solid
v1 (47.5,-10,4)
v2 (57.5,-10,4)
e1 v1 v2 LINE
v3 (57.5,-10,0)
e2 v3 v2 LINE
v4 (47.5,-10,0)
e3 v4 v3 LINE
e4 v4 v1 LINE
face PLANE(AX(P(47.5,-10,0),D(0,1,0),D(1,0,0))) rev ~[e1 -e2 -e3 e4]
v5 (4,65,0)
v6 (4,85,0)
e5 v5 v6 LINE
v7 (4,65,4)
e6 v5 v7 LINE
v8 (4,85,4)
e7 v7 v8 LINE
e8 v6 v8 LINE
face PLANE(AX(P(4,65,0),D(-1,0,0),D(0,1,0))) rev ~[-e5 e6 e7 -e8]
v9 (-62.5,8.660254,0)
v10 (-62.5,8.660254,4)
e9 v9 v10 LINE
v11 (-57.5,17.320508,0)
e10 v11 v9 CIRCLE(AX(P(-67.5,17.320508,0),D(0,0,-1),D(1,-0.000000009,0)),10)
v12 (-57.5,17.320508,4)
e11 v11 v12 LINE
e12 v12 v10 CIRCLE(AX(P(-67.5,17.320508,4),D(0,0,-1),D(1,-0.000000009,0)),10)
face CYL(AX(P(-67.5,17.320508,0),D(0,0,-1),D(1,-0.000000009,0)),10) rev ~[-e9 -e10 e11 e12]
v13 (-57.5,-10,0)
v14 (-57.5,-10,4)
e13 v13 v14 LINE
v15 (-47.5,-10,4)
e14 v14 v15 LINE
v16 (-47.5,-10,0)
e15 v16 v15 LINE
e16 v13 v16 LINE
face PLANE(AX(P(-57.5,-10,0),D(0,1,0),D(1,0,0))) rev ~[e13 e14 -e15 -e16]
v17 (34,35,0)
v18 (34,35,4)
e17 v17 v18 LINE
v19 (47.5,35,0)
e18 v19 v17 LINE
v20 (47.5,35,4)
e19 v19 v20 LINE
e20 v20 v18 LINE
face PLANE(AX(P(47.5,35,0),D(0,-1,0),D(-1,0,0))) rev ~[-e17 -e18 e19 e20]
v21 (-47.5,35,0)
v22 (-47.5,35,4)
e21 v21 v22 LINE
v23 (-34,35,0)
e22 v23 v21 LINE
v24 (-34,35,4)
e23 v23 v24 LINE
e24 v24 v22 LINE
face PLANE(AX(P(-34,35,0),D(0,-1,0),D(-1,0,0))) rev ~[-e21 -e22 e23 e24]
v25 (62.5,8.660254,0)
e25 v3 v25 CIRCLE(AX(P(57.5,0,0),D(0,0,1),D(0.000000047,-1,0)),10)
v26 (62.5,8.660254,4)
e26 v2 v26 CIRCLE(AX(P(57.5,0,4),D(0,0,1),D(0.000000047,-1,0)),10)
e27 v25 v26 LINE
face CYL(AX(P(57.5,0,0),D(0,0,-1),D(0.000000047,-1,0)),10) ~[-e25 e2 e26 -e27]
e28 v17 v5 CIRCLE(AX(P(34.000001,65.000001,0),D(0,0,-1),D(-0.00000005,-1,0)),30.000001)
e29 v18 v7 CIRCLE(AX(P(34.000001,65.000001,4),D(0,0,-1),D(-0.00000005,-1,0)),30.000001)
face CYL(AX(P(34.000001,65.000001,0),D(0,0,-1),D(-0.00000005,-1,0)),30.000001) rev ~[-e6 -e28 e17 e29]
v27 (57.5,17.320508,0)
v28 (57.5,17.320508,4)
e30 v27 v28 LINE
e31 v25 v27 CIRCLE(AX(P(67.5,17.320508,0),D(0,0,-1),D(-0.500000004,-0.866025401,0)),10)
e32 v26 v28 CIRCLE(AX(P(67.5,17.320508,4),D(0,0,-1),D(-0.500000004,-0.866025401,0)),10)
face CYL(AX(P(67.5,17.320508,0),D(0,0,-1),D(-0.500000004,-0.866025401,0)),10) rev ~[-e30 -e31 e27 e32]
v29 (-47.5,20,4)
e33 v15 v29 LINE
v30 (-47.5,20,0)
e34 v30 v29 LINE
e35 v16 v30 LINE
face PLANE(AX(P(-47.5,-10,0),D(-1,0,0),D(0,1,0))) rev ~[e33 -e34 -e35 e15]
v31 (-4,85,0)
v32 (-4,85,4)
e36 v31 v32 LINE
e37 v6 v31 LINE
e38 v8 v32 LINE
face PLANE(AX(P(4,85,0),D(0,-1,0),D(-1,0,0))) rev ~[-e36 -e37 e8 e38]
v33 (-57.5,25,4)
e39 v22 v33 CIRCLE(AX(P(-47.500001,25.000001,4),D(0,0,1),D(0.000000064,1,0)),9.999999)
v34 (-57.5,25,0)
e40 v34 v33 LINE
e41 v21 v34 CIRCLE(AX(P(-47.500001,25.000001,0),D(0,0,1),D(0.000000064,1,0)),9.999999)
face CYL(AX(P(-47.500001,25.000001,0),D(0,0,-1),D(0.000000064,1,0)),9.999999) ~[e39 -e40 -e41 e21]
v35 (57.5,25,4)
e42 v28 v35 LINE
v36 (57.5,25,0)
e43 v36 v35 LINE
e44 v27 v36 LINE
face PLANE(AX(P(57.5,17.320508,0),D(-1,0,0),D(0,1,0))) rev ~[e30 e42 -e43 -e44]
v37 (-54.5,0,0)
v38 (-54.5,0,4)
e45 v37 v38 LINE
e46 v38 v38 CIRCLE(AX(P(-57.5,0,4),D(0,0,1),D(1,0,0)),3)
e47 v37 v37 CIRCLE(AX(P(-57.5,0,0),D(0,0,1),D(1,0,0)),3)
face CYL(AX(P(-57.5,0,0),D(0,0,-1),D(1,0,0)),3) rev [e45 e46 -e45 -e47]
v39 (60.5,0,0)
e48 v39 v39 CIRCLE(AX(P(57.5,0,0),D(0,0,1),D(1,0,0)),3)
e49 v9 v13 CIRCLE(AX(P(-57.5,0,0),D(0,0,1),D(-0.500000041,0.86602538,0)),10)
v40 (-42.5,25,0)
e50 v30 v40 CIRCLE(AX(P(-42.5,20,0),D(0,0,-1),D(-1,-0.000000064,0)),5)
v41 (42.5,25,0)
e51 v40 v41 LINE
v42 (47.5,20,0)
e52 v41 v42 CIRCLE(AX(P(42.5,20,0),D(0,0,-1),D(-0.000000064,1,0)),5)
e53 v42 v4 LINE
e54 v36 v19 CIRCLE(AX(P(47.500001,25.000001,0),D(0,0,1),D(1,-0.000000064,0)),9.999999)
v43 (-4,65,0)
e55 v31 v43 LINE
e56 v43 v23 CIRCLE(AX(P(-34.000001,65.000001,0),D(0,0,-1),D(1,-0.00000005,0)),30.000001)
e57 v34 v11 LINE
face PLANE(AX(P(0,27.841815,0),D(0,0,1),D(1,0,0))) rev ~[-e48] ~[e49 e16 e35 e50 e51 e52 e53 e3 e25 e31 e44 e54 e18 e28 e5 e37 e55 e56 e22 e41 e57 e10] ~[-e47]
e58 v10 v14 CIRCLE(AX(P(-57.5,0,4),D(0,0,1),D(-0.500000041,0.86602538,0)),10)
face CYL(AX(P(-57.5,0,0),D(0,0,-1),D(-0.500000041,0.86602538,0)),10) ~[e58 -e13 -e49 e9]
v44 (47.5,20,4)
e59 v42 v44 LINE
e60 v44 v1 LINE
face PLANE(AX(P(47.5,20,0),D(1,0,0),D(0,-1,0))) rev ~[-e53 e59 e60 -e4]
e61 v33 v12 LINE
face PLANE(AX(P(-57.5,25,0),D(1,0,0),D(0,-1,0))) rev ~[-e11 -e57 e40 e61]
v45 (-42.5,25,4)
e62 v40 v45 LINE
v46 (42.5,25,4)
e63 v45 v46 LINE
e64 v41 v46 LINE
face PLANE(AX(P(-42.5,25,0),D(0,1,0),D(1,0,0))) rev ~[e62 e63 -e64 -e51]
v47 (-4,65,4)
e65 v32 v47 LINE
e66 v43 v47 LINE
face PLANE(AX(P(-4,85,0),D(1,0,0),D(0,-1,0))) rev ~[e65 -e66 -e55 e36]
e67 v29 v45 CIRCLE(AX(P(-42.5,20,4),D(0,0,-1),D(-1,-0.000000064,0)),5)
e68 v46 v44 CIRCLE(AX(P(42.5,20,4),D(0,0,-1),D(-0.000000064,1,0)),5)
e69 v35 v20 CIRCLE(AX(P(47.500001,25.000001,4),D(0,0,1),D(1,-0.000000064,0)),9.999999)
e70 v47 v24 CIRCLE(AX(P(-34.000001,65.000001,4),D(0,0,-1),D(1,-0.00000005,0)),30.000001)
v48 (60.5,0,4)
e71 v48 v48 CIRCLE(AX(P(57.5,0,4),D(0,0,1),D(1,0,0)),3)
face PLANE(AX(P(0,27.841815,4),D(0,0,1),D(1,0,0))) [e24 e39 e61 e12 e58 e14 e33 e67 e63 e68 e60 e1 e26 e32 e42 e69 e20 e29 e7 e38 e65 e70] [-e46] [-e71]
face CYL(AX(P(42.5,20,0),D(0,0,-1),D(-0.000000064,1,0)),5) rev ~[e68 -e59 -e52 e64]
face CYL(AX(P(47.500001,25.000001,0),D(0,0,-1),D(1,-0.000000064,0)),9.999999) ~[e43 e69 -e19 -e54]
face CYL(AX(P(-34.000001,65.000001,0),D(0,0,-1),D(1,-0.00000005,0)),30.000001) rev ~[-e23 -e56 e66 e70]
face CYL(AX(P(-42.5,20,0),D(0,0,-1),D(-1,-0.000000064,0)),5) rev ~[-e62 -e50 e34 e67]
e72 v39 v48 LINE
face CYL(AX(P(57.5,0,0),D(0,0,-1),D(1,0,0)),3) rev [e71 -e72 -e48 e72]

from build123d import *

# Parameters (mm, degrees)
F0_R     = 3
F1_DEPTH = 4


with BuildPart() as f1:
    # F0 (on Top) → F1 (new body)
    with BuildSketch(Plane.XY):
        with BuildLine():
            ThreePointArc((-57.5, 17.320508), (-58.839746, 12.320508), (-62.5, 8.660254))
            ThreePointArc((-62.5, 8.660254), (-67.159258, -2.58819), (-57.5, -10))
            Line((-57.5, -10), (-47.5, -10))
            Line((-47.5, -10), (-47.5, 20))
            ThreePointArc((-47.5, 20), (-46.035534, 23.535534), (-42.5, 25))
            Line((-42.5, 25), (42.5, 25))
            ThreePointArc((42.5, 25), (46.035534, 23.535534), (47.5, 20))
            Line((47.5, 20), (47.5, -10))
            Line((47.5, -10), (57.5, -10))
            ThreePointArc((57.5, -10), (67.159258, -2.58819), (62.5, 8.660254))
            ThreePointArc((62.5, 8.660254), (58.839746, 12.320508), (57.5, 17.320508))
            Line((57.5, 17.320508), (57.5, 25))
            ThreePointArc((57.5, 25), (54.571068, 32.071068), (47.5, 35))
            Line((47.5, 35), (34, 35))
            ThreePointArc((34, 35), (12.786797, 43.786797), (4, 65))
            Line((4, 65), (4, 85))
            Line((4, 85), (-4, 85))
            Line((-4, 85), (-4, 65))
            ThreePointArc((-4, 65), (-12.786797, 43.786797), (-34, 35))
            Line((-34, 35), (-47.5, 35))
            ThreePointArc((-47.5, 35), (-54.571068, 32.071068), (-57.5, 25))
            Line((-57.5, 25), (-57.5, 17.320508))
        make_face()
        with Locations((-57.5, 0)):
            Circle(F0_R, mode=Mode.SUBTRACT)
        with Locations((57.5, 0)):
            Circle(F0_R, mode=Mode.SUBTRACT)
    extrude(amount=F1_DEPTH)


solid = f1.part
